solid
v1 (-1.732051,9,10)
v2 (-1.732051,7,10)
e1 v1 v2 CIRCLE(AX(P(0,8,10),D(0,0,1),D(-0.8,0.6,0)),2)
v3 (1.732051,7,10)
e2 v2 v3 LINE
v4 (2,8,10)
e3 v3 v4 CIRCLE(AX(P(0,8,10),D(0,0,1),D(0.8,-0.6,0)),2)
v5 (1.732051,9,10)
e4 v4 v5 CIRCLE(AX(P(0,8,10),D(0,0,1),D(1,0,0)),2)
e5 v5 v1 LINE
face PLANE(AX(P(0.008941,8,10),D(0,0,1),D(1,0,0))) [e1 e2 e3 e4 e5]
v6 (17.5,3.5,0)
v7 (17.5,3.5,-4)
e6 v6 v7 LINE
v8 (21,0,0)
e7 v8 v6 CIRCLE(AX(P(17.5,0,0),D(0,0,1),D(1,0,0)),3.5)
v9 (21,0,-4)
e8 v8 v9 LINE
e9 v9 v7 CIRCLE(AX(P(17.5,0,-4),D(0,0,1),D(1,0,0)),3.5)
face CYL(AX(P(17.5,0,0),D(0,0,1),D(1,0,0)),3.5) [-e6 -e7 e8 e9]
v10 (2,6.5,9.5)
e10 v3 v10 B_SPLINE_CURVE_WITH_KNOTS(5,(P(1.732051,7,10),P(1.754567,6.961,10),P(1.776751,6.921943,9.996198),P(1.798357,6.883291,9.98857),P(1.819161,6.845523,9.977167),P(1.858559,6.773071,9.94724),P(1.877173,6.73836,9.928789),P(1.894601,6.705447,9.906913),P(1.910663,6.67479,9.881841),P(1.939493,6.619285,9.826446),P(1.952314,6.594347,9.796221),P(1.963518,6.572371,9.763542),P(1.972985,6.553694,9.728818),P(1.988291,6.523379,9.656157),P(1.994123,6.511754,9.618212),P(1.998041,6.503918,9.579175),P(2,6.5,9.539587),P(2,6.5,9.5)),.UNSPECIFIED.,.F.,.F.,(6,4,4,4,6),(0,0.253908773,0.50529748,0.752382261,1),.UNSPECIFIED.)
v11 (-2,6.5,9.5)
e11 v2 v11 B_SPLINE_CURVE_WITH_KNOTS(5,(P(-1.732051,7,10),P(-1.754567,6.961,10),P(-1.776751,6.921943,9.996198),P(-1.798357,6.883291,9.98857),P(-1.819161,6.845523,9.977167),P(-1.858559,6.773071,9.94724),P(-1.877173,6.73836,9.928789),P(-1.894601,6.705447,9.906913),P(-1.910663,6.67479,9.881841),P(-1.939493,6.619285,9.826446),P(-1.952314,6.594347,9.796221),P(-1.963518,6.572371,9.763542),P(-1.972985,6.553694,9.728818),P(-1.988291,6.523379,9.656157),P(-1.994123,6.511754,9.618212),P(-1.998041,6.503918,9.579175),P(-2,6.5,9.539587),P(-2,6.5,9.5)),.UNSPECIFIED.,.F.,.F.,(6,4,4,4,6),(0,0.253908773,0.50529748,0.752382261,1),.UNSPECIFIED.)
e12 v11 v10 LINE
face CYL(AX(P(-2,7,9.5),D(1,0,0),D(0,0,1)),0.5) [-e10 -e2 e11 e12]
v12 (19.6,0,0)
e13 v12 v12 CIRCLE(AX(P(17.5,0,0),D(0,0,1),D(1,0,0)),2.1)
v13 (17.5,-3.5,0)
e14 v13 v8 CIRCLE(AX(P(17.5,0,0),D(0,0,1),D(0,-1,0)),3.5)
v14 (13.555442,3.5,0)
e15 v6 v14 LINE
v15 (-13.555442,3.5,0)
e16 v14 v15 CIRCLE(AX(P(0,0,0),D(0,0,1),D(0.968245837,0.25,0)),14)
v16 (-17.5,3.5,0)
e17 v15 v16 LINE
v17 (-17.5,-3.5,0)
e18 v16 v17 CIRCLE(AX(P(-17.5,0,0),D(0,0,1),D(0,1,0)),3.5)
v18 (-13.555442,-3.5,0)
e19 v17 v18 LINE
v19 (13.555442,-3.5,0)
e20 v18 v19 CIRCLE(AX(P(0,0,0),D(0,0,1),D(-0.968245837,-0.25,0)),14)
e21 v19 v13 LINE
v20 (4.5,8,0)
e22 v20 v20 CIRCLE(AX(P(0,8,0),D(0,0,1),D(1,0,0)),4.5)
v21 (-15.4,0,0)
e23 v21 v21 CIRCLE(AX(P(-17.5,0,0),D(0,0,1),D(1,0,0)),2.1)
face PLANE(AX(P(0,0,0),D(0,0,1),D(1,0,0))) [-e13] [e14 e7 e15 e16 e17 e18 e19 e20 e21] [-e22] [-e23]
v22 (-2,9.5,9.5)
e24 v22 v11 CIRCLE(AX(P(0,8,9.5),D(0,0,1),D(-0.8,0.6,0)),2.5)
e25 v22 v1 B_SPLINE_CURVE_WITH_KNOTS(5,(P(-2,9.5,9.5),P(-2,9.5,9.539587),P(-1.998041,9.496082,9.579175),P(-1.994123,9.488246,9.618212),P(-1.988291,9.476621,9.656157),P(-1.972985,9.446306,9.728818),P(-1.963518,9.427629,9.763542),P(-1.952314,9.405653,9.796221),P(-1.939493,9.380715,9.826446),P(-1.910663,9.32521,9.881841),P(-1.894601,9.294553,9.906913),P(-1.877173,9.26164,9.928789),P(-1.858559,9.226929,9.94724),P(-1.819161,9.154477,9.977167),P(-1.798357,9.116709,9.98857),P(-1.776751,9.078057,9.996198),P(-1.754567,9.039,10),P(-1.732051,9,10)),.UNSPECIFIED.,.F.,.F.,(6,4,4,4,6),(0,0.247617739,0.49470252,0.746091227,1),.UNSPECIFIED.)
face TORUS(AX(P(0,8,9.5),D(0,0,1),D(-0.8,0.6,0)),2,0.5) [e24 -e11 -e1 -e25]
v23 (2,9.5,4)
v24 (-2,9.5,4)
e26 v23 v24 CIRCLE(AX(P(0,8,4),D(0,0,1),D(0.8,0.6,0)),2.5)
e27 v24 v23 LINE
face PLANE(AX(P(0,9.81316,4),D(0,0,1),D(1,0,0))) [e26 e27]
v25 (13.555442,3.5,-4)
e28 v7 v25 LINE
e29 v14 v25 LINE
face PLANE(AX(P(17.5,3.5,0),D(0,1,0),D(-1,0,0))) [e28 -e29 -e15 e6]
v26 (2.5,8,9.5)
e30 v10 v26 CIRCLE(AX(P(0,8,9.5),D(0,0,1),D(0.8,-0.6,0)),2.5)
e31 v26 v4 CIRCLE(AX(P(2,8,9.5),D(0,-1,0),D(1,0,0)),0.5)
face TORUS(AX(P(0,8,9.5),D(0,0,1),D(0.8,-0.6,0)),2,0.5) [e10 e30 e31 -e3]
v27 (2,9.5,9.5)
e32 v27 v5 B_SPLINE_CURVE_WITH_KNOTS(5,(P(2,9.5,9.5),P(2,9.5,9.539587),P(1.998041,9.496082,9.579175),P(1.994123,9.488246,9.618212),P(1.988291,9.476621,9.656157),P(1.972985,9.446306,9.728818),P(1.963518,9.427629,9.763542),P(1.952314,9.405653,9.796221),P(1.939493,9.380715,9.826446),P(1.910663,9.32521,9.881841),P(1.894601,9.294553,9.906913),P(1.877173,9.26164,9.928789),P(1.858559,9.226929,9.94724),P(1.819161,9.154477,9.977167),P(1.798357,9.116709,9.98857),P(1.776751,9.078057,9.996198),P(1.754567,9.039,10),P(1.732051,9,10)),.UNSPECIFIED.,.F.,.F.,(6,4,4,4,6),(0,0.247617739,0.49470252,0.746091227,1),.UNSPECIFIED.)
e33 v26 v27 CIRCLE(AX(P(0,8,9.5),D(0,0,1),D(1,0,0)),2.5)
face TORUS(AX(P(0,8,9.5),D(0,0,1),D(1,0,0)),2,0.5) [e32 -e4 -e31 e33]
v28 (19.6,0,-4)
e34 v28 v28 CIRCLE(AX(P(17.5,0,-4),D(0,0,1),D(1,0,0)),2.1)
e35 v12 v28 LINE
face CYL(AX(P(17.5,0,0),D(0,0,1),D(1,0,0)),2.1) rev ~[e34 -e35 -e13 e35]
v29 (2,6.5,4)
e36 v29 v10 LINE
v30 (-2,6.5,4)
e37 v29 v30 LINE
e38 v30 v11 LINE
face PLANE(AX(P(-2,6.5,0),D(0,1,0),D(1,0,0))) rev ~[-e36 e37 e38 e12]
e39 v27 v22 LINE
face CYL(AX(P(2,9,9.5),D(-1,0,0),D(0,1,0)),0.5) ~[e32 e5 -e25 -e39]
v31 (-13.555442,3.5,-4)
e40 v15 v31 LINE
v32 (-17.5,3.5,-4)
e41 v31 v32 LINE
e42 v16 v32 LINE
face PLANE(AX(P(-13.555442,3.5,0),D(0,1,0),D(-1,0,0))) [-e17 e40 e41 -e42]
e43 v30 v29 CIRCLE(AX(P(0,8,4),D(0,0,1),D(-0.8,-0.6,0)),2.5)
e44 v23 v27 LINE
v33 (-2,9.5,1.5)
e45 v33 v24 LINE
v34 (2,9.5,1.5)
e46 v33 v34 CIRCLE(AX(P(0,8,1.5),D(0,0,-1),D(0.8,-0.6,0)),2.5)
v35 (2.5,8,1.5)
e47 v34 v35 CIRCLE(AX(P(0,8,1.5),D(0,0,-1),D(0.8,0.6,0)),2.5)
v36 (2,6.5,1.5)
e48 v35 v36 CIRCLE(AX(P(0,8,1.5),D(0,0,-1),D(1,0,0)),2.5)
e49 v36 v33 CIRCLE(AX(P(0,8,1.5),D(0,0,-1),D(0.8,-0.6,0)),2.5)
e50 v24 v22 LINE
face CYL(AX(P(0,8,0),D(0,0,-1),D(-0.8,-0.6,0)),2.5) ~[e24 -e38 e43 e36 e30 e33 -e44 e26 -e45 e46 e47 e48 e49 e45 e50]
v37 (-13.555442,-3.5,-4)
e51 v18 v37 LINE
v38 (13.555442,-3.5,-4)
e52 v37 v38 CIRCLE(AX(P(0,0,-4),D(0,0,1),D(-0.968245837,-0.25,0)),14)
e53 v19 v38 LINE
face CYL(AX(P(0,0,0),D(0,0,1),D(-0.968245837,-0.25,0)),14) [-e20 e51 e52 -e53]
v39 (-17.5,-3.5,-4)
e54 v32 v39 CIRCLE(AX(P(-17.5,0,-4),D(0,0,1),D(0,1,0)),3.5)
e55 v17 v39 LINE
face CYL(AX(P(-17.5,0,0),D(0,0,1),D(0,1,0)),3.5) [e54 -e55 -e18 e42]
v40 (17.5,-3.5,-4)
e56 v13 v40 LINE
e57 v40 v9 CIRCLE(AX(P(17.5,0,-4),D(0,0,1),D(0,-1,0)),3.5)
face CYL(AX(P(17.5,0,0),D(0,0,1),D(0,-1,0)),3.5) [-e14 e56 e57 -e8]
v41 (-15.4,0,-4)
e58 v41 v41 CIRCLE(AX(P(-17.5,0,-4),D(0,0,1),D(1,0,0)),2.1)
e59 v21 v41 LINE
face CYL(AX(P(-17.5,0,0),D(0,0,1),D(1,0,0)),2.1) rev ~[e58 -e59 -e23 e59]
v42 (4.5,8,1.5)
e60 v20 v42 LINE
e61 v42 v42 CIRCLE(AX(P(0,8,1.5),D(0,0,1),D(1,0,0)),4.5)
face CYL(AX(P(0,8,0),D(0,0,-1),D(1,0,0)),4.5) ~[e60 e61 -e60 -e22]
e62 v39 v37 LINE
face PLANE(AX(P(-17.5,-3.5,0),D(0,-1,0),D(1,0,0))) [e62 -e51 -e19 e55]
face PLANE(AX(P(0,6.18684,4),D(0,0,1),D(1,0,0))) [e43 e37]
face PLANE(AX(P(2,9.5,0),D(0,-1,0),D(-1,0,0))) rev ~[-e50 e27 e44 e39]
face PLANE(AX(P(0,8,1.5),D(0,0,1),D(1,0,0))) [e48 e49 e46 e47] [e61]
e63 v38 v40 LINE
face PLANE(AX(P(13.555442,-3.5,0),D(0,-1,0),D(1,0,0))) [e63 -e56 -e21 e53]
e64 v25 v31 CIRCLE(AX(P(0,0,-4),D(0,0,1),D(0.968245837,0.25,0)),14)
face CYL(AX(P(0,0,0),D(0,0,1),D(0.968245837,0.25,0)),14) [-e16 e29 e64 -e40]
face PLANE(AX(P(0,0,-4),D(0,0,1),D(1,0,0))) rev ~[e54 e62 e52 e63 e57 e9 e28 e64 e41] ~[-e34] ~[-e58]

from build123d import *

# Parameters (mm, degrees)
F1_DEPTH = 10
F2_DEPTH = 4
F0_R     = 4.5
F3_DEPTH = 1.5
F4_R     = 0.5
F0_R_2   = 2.1
F5_DEPTH = 4


with BuildPart() as f1:
    # F0 (on Top) → F1 (new body)
    with BuildSketch(Plane.XY):
        with BuildLine():
            ThreePointArc((2, 6.5), (2.3717082451, 7.209430585), (2.5, 8))
            ThreePointArc((2.5, 8), (2.3717082451, 8.790569415), (2, 9.5))
            Line((2, 9.5), (-2, 9.5))
            ThreePointArc((-2, 9.5), (-2.5, 8), (-2, 6.5))
            Line((-2, 6.5), (2, 6.5))
        make_face()
    extrude(amount=F1_DEPTH)

    # F0 (on Top) → F2 (join)
    with BuildSketch(Plane.XY):
        with BuildLine():
            ThreePointArc((-2, 6.5), (0, 5.5), (2, 6.5))
            Line((2, 6.5), (-2, 6.5))
        make_face()
        with BuildLine():
            Line((-2, 9.5), (2, 9.5))
            ThreePointArc((2, 9.5), (0, 10.5), (-2, 9.5))
        make_face()
    extrude(amount=F2_DEPTH)

    # F0 (on Top) → F3 (join)
    with BuildSketch(Plane.XY):
        with Locations((0, 8)):
            Circle(F0_R)
        with BuildLine():
            ThreePointArc((2, 9.5), (2.3717082451, 8.790569415), (2.5, 8))
            ThreePointArc((2.5, 8), (2.3717082451, 7.209430585), (2, 6.5))
            ThreePointArc((2, 6.5), (0, 5.5), (-2, 6.5))
            ThreePointArc((-2, 6.5), (-2.5, 8), (-2, 9.5))
            ThreePointArc((-2, 9.5), (0, 10.5), (2, 9.5))
        make_face(mode=Mode.SUBTRACT)
    extrude(amount=F3_DEPTH)

    # F4
    f4_edges = [f1.edges().sort_by_distance(p)[0] for p in [
        (0, 9.5, 10),
        (0, 6.5, 10),
        (2.5, 8, 10),
        (-2.5, 8, 10),
    ]]
    fillet(f4_edges, radius=F4_R)

    # F0 (on Top) → F5 (join)
    with BuildSketch(Plane.XY):
        with BuildLine():
            ThreePointArc((13.5554417117, -3.5), (13.8884157477, -1.7640600948), (14, 0))
            ThreePointArc((14, 0), (13.8884157477, 1.7640600948), (13.5554417117, 3.5))
            ThreePointArc((13.5554417117, 3.5), (0, 14), (-13.5554417117, 3.5))
            ThreePointArc((-13.5554417117, 3.5), (-13.8884157477, 1.7640600948), (-14, 0))
            ThreePointArc((-14, 0), (-13.8884157477, -1.7640600948), (-13.5554417117, -3.5))
            ThreePointArc((-13.5554417117, -3.5), (0, -14), (13.5554417117, -3.5))
        make_face()
        with Locations((0, 8)):
            Circle(F0_R, mode=Mode.SUBTRACT)
        with BuildLine():
            ThreePointArc((-17.5, -3.5), (-15.0251262658, -2.4748737342), (-14, 0))
            ThreePointArc((-14, 0), (-15.0251262658, 2.4748737342), (-17.5, 3.5))
            ThreePointArc((-17.5, 3.5), (-21, 0), (-17.5, -3.5))
        make_face()
        with Locations((-17.5, 0)):
            Circle(F0_R_2, mode=Mode.SUBTRACT)
        with BuildLine():
            ThreePointArc((-14, 0), (-13.8884157477, 1.7640600948), (-13.5554417117, 3.5))
            Line((-13.5554417117, 3.5), (-17.5, 3.5))
            ThreePointArc((-17.5, 3.5), (-15.0251262658, 2.4748737342), (-14, 0))
        make_face()
        with BuildLine():
            Line((-17.5, -3.5), (-13.5554417117, -3.5))
            ThreePointArc((-13.5554417117, -3.5), (-13.8884157477, -1.7640600948), (-14, 0))
            ThreePointArc((-14, 0), (-15.0251262658, -2.4748737342), (-17.5, -3.5))
        make_face()
        with BuildLine():
            ThreePointArc((17.5, 3.5), (15.0251262658, 2.4748737342), (14, 0))
            ThreePointArc((14, 0), (15.0251262658, -2.4748737342), (17.5, -3.5))
            ThreePointArc((17.5, -3.5), (19.9748737342, -2.4748737342), (21, 0))
            ThreePointArc((21, 0), (19.9748737342, 2.4748737342), (17.5, 3.5))
        make_face()
        with Locations((17.5, 0)):
            Circle(F0_R_2, mode=Mode.SUBTRACT)
        with BuildLine():
            ThreePointArc((13.5554417117, 3.5), (13.8884157477, 1.7640600948), (14, 0))
            ThreePointArc((14, 0), (15.0251262658, 2.4748737342), (17.5, 3.5))
            Line((17.5, 3.5), (13.5554417117, 3.5))
        make_face()
        with BuildLine():
            ThreePointArc((17.5, -3.5), (15.0251262658, -2.4748737342), (14, 0))
            ThreePointArc((14, 0), (13.8884157477, -1.7640600948), (13.5554417117, -3.5))
            Line((13.5554417117, -3.5), (17.5, -3.5))
        make_face()
        with Locations((0, 8)):
            Circle(F0_R)
        with BuildLine():
            ThreePointArc((2, 9.5), (2.3717082451, 8.790569415), (2.5, 8))
            ThreePointArc((2.5, 8), (2.3717082451, 7.209430585), (2, 6.5))
            ThreePointArc((2, 6.5), (0, 5.5), (-2, 6.5))
            ThreePointArc((-2, 6.5), (-2.5, 8), (-2, 9.5))
            ThreePointArc((-2, 9.5), (0, 10.5), (2, 9.5))
        make_face(mode=Mode.SUBTRACT)
        with BuildLine():
            ThreePointArc((2, 6.5), (2.3717082451, 7.209430585), (2.5, 8))
            ThreePointArc((2.5, 8), (2.3717082451, 8.790569415), (2, 9.5))
            Line((2, 9.5), (-2, 9.5))
            ThreePointArc((-2, 9.5), (-2.5, 8), (-2, 6.5))
            Line((-2, 6.5), (2, 6.5))
        make_face()
        with BuildLine():
            ThreePointArc((-2, 6.5), (0, 5.5), (2, 6.5))
            Line((2, 6.5), (-2, 6.5))
        make_face()
        with BuildLine():
            Line((-2, 9.5), (2, 9.5))
            ThreePointArc((2, 9.5), (0, 10.5), (-2, 9.5))
        make_face()
    extrude(amount=-F5_DEPTH)


solid = f1.part
